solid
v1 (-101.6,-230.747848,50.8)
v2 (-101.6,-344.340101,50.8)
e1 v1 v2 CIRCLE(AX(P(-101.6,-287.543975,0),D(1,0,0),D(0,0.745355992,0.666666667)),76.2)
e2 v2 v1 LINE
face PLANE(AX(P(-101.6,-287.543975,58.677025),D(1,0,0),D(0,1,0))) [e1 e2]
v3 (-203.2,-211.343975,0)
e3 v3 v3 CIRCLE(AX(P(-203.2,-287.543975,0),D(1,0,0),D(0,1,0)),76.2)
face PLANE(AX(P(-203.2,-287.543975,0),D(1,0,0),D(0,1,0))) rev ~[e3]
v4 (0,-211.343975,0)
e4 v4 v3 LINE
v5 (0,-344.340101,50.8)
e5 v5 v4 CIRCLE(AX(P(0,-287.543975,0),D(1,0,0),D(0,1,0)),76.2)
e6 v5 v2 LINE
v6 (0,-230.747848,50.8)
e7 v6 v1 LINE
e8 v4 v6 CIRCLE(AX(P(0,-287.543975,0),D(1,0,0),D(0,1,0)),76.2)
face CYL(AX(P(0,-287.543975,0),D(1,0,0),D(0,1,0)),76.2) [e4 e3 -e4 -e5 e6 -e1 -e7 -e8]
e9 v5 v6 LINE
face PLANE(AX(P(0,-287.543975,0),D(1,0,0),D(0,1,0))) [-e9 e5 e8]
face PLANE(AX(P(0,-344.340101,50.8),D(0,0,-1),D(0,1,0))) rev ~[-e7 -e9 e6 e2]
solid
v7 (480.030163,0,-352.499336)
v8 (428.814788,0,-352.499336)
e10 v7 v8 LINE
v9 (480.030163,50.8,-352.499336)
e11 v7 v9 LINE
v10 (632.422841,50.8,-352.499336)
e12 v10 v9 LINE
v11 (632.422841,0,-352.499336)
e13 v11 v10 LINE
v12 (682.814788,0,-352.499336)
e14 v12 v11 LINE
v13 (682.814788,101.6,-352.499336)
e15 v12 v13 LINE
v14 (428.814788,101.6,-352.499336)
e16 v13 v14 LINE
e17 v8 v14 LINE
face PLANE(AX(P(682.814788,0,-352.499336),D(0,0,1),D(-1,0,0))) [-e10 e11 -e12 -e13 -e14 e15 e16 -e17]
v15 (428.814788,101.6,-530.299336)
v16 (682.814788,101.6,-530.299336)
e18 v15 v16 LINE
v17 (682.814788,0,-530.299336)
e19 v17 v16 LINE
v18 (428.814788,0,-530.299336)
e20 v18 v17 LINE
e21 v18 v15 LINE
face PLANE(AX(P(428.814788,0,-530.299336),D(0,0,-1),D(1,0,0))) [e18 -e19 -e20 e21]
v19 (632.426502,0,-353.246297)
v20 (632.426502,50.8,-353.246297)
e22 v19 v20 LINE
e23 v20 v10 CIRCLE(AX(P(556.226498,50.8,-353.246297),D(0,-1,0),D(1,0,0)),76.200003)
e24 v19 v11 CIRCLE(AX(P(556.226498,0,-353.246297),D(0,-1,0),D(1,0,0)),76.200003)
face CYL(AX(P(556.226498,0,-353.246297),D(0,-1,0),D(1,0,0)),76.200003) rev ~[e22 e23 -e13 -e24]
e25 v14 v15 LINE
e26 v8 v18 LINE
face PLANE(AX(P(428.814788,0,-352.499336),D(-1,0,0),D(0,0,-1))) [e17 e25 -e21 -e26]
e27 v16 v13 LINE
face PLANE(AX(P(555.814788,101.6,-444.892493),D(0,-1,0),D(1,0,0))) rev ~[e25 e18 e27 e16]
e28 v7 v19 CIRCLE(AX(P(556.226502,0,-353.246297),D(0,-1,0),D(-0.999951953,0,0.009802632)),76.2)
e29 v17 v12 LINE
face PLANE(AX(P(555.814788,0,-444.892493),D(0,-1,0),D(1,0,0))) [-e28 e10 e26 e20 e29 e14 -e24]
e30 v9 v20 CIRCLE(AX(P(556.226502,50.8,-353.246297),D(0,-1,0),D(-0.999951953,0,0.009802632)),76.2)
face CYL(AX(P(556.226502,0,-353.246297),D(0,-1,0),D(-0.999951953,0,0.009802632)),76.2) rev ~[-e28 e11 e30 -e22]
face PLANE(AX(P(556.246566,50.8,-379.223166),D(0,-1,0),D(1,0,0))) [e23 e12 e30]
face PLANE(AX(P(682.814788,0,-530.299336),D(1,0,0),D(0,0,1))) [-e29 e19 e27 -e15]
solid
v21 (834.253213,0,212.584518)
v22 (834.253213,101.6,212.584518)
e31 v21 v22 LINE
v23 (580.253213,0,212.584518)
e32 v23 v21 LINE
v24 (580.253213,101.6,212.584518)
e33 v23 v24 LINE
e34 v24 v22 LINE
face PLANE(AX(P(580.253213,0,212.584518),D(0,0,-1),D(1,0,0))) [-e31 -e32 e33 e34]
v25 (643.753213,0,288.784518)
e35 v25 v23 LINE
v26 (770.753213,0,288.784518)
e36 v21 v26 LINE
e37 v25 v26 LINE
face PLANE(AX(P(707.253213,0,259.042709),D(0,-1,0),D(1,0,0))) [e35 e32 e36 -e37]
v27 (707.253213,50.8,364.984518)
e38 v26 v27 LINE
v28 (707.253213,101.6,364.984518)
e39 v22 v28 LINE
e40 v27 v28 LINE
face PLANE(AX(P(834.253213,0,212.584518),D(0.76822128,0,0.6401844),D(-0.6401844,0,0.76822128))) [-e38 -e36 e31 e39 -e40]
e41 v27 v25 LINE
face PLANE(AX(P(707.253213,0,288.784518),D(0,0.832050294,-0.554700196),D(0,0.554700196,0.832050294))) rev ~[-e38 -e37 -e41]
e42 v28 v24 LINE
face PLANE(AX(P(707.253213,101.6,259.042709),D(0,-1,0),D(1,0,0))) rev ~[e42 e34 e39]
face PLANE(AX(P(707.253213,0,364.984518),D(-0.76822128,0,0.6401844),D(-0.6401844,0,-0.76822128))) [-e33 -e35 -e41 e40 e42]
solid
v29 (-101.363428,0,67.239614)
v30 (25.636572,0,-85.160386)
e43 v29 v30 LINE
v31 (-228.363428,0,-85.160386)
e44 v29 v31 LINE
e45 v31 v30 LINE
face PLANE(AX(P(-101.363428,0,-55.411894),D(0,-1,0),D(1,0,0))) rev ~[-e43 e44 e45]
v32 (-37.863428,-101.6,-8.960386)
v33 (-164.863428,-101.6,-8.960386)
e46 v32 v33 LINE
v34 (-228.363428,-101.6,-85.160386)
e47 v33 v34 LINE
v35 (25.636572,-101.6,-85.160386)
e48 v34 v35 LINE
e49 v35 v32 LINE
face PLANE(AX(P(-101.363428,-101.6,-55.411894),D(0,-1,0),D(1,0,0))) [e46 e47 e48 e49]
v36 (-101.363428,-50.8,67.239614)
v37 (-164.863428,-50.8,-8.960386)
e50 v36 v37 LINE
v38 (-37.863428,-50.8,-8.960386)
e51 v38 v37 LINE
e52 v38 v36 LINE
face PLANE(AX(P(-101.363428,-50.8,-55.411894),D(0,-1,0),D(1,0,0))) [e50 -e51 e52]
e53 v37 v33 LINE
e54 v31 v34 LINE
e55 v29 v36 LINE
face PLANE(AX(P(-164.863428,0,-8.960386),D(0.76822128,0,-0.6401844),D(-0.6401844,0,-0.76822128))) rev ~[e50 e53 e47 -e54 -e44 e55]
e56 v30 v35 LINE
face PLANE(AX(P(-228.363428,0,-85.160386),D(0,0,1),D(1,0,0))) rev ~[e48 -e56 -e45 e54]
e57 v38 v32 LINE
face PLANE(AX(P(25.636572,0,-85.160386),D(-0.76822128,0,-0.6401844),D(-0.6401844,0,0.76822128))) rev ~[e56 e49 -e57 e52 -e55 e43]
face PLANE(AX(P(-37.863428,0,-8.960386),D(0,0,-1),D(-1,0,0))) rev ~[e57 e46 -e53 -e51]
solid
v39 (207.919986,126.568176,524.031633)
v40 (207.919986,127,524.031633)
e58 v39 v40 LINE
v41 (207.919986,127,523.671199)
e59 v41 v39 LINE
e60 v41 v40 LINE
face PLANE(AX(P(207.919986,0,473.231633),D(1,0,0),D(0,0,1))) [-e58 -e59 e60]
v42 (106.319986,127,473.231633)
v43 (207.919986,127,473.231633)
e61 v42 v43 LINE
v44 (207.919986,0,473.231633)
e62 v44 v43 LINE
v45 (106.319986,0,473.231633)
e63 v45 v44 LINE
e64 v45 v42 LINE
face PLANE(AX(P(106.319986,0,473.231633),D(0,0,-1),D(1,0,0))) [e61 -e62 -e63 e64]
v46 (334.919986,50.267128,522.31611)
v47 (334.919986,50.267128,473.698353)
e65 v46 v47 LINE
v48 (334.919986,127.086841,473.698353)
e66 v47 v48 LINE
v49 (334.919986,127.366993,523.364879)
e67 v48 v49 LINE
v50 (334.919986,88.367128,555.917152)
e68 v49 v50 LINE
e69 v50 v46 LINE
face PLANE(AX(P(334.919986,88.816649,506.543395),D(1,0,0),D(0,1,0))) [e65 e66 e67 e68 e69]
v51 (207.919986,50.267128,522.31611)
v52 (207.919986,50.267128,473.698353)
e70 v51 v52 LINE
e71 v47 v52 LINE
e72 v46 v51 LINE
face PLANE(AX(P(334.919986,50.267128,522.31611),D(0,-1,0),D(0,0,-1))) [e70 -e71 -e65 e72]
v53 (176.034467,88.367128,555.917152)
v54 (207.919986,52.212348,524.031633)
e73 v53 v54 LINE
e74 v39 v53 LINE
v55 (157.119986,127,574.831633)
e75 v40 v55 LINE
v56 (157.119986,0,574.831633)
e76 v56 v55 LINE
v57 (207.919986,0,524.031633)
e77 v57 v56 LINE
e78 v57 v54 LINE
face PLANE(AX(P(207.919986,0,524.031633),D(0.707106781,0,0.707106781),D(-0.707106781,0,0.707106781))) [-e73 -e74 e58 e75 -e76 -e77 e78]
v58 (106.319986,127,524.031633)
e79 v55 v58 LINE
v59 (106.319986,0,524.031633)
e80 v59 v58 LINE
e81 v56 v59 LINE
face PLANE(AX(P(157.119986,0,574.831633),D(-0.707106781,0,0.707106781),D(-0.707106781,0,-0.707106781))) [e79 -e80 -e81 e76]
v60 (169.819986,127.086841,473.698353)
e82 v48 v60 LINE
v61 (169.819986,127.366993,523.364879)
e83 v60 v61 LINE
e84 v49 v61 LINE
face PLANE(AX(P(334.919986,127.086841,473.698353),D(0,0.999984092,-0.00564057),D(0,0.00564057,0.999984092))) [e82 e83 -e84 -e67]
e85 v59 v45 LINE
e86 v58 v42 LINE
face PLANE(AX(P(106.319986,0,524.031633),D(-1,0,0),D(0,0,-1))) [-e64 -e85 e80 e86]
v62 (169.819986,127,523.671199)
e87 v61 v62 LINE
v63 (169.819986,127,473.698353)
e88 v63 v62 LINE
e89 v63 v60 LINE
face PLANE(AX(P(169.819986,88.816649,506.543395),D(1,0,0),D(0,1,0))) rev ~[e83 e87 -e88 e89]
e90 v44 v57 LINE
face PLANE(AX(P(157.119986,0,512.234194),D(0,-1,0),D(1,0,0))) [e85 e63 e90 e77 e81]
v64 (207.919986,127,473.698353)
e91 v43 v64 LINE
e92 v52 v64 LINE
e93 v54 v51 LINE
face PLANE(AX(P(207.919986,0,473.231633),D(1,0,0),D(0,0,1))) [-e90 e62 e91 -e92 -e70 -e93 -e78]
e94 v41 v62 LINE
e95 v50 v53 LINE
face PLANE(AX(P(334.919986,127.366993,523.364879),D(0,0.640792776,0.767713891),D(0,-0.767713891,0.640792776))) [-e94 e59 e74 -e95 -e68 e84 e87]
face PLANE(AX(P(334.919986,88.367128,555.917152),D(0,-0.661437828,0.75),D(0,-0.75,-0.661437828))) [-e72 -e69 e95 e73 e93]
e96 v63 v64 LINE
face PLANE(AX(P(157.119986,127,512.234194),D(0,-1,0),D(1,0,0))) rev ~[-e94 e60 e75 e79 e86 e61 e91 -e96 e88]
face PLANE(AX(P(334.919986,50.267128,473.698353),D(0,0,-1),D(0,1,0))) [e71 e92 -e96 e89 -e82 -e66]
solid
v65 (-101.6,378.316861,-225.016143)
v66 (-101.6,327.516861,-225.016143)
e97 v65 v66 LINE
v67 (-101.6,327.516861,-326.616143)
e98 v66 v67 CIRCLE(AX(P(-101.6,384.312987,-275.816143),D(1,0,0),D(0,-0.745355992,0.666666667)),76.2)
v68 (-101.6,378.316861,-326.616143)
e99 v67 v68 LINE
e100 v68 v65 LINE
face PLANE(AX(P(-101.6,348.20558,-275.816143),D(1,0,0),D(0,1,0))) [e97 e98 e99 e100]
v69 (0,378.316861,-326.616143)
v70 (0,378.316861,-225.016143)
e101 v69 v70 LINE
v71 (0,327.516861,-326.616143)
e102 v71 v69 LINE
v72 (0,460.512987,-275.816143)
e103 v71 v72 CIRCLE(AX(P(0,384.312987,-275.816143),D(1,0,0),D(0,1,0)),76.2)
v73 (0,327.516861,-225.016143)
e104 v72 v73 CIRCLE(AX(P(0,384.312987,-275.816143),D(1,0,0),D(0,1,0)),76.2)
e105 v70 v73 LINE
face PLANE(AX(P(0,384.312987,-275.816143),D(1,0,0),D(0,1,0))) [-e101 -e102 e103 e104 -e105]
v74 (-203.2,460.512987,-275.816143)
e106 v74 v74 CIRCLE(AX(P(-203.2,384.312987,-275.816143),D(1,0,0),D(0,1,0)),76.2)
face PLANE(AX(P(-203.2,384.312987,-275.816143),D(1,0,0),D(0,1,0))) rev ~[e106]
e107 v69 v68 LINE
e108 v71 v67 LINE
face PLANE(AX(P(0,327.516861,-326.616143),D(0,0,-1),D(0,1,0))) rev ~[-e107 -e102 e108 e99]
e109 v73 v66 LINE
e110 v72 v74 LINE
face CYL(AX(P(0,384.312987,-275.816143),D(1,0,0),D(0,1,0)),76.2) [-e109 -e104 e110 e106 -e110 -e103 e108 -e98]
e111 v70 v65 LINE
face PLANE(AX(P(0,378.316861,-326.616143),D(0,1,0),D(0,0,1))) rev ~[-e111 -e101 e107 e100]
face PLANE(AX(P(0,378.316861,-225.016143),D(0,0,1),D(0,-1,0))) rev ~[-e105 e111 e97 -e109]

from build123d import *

# Parameters (mm, degrees)
F1_DEPTH  = 101.6
F2_DEPTH  = 50.8
F4_DEPTH  = 101.6
F8_DEPTH  = 63.5
F10_DEPTH = 127
F13_DEPTH = 165.1
F14_R     = 76.2
F15_DEPTH = 203.2
F17_DEPTH = 101.6
F18_R     = 76.2
F19_DEPTH = 203.2
F21_DEPTH = 101.6
F23_DEPTH = 101.6
F25_DEPTH = 50.8


with BuildPart() as f1:
    # F0 (on Front) → F1 (new body)
    with BuildSketch(Plane.XZ):
        Polygon((-164.863427937, -8.9603857159), (-228.363427937, -85.1603857159), (25.636572063, -85.1603857159), (-37.863427937, -8.9603857159), align=None)
    extrude(amount=F1_DEPTH)

    # F0 (on Front) → F2 (join)
    with BuildSketch(Plane.XZ):
        Polygon((-164.863427937, -8.9603857159), (-228.363427937, -85.1603857159), (25.636572063, -85.1603857159), (-37.863427937, -8.9603857159), align=None)
        Polygon((-101.363427937, 67.2396142841), (-164.863427937, -8.9603857159), (-37.863427937, -8.9603857159), align=None)
    extrude(amount=F2_DEPTH)


with BuildPart() as f4:
    # F3 (on Front) → F4 (new body)
    with BuildSketch(Plane.XZ):
        Polygon((707.2532130639, 364.9845177531), (580.2532130639, 212.5845177531), (834.2532130639, 212.5845177531), align=None)
    extrude(amount=-F4_DEPTH)

    # F7 (on 3pt) → F8 (cut, symmetric)
    with BuildSketch(Plane.YZ.offset(707.2532130639)):
        Polygon((0, 364.9845177531), (0, 288.7845177531), (50.8, 364.9845177531), align=None)
    extrude(amount=F8_DEPTH, both=True, mode=Mode.SUBTRACT)


with BuildPart() as f10:
    # F9 (on Front) → F10 (new body)
    with BuildSketch(Plane.XZ):
        Polygon((106.3199856699, 524.0316329509), (106.3199856699, 473.2316329509), (207.9199856699, 473.2316329509), (207.9199856699, 524.0316329509), (157.1199856699, 574.8316329509), align=None)
    extrude(amount=-F10_DEPTH)

    # F12 (on offset) → F13 (join)
    with BuildSketch(Plane.YZ.offset(334.9199856699)):
        Polygon((50.2671275934, 522.3161099392), (50.2671275934, 473.6983532884), (127.0868412608, 473.6983532884), (127.3669932331, 523.3648785495), (88.3671275934, 555.9171515897), align=None)
    extrude(amount=-F13_DEPTH)


with BuildPart() as f15:
    # F14 (on Right) → F15 (new body)
    with BuildSketch(Plane.YZ):
        with Locations((-287.5439747137, 0)):
            Circle(F14_R)
    extrude(amount=-F15_DEPTH)

    # F16 (on face) → F17 (cut)
    with BuildSketch(Plane.YZ):
        with BuildLine():
            ThreePointArc((-230.7478480852, 50.8), (-287.5439747137, 76.2), (-344.3401013422, 50.8))
            Line((-344.3401013422, 50.8), (-230.7478480852, 50.8))
        make_face()
    extrude(amount=-F17_DEPTH, mode=Mode.SUBTRACT)


with BuildPart() as f19:
    # F18 (on Right) → F19 (new body)
    with BuildSketch(Plane.YZ):
        with Locations((384.3129873276, -275.8161425591)):
            Circle(F18_R)
    extrude(amount=-F19_DEPTH)

    # F20 (on face) → F21 (cut)
    with BuildSketch(Plane.YZ):
        with BuildLine():
            Line((378.3168606991, -225.0161425591), (327.5168606991, -225.0161425591))
            ThreePointArc((327.5168606991, -225.0161425591), (308.1129873276, -275.8161425591), (327.5168606991, -326.6161425591))
            Line((327.5168606991, -326.6161425591), (378.3168606991, -326.6161425591))
            Line((378.3168606991, -326.6161425591), (378.3168606991, -225.0161425591))
        make_face()
    extrude(amount=-F21_DEPTH, mode=Mode.SUBTRACT)


with BuildPart() as f23:
    # F22 (on Front) → F23 (new body)
    with BuildSketch(Plane.XZ):
        with BuildLine():
            Line((479.6147877455, -352.4993360819), (428.8147877455, -352.4993360819))
            Line((428.8147877455, -352.4993360819), (428.8147877455, -530.2993360819))
            Line((428.8147877455, -530.2993360819), (682.8147877455, -530.2993360819))
            Line((682.8147877455, -530.2993360819), (682.8147877455, -352.4993360819))
            Line((682.8147877455, -352.4993360819), (632.0147877455, -352.4993360819))
            ThreePointArc((632.0147877455, -352.4993360819), (555.8147877455, -428.6993360819), (479.6147877455, -352.4993360819))
        make_face()
        with BuildLine():
            Line((632.0147877455, -352.4993360819), (479.6147877455, -352.4993360819))
            ThreePointArc((479.6147877455, -352.4993360819), (555.8147877455, -428.6993360819), (632.0147877455, -352.4993360819))
        make_face()
    extrude(amount=-F23_DEPTH)

    # F24 (on face) → F25 (cut)
    with BuildSketch(Plane.XZ):
        with BuildLine():
            ThreePointArc((480.0301629447, -352.4993360819), (555.8530170091, -429.4453813257), (632.4265017671, -353.2462966256))
            ThreePointArc((632.4265017671, -353.2462966256), (632.4255864672, -352.8728118675), (632.4228405896, -352.4993360819))
            Line((632.4228405896, -352.4993360819), (480.0301629447, -352.4993360819))
        make_face()
    extrude(amount=-F25_DEPTH, mode=Mode.SUBTRACT)


solid = Compound([f1.part, f4.part, f10.part, f15.part, f19.part, f23.part])
